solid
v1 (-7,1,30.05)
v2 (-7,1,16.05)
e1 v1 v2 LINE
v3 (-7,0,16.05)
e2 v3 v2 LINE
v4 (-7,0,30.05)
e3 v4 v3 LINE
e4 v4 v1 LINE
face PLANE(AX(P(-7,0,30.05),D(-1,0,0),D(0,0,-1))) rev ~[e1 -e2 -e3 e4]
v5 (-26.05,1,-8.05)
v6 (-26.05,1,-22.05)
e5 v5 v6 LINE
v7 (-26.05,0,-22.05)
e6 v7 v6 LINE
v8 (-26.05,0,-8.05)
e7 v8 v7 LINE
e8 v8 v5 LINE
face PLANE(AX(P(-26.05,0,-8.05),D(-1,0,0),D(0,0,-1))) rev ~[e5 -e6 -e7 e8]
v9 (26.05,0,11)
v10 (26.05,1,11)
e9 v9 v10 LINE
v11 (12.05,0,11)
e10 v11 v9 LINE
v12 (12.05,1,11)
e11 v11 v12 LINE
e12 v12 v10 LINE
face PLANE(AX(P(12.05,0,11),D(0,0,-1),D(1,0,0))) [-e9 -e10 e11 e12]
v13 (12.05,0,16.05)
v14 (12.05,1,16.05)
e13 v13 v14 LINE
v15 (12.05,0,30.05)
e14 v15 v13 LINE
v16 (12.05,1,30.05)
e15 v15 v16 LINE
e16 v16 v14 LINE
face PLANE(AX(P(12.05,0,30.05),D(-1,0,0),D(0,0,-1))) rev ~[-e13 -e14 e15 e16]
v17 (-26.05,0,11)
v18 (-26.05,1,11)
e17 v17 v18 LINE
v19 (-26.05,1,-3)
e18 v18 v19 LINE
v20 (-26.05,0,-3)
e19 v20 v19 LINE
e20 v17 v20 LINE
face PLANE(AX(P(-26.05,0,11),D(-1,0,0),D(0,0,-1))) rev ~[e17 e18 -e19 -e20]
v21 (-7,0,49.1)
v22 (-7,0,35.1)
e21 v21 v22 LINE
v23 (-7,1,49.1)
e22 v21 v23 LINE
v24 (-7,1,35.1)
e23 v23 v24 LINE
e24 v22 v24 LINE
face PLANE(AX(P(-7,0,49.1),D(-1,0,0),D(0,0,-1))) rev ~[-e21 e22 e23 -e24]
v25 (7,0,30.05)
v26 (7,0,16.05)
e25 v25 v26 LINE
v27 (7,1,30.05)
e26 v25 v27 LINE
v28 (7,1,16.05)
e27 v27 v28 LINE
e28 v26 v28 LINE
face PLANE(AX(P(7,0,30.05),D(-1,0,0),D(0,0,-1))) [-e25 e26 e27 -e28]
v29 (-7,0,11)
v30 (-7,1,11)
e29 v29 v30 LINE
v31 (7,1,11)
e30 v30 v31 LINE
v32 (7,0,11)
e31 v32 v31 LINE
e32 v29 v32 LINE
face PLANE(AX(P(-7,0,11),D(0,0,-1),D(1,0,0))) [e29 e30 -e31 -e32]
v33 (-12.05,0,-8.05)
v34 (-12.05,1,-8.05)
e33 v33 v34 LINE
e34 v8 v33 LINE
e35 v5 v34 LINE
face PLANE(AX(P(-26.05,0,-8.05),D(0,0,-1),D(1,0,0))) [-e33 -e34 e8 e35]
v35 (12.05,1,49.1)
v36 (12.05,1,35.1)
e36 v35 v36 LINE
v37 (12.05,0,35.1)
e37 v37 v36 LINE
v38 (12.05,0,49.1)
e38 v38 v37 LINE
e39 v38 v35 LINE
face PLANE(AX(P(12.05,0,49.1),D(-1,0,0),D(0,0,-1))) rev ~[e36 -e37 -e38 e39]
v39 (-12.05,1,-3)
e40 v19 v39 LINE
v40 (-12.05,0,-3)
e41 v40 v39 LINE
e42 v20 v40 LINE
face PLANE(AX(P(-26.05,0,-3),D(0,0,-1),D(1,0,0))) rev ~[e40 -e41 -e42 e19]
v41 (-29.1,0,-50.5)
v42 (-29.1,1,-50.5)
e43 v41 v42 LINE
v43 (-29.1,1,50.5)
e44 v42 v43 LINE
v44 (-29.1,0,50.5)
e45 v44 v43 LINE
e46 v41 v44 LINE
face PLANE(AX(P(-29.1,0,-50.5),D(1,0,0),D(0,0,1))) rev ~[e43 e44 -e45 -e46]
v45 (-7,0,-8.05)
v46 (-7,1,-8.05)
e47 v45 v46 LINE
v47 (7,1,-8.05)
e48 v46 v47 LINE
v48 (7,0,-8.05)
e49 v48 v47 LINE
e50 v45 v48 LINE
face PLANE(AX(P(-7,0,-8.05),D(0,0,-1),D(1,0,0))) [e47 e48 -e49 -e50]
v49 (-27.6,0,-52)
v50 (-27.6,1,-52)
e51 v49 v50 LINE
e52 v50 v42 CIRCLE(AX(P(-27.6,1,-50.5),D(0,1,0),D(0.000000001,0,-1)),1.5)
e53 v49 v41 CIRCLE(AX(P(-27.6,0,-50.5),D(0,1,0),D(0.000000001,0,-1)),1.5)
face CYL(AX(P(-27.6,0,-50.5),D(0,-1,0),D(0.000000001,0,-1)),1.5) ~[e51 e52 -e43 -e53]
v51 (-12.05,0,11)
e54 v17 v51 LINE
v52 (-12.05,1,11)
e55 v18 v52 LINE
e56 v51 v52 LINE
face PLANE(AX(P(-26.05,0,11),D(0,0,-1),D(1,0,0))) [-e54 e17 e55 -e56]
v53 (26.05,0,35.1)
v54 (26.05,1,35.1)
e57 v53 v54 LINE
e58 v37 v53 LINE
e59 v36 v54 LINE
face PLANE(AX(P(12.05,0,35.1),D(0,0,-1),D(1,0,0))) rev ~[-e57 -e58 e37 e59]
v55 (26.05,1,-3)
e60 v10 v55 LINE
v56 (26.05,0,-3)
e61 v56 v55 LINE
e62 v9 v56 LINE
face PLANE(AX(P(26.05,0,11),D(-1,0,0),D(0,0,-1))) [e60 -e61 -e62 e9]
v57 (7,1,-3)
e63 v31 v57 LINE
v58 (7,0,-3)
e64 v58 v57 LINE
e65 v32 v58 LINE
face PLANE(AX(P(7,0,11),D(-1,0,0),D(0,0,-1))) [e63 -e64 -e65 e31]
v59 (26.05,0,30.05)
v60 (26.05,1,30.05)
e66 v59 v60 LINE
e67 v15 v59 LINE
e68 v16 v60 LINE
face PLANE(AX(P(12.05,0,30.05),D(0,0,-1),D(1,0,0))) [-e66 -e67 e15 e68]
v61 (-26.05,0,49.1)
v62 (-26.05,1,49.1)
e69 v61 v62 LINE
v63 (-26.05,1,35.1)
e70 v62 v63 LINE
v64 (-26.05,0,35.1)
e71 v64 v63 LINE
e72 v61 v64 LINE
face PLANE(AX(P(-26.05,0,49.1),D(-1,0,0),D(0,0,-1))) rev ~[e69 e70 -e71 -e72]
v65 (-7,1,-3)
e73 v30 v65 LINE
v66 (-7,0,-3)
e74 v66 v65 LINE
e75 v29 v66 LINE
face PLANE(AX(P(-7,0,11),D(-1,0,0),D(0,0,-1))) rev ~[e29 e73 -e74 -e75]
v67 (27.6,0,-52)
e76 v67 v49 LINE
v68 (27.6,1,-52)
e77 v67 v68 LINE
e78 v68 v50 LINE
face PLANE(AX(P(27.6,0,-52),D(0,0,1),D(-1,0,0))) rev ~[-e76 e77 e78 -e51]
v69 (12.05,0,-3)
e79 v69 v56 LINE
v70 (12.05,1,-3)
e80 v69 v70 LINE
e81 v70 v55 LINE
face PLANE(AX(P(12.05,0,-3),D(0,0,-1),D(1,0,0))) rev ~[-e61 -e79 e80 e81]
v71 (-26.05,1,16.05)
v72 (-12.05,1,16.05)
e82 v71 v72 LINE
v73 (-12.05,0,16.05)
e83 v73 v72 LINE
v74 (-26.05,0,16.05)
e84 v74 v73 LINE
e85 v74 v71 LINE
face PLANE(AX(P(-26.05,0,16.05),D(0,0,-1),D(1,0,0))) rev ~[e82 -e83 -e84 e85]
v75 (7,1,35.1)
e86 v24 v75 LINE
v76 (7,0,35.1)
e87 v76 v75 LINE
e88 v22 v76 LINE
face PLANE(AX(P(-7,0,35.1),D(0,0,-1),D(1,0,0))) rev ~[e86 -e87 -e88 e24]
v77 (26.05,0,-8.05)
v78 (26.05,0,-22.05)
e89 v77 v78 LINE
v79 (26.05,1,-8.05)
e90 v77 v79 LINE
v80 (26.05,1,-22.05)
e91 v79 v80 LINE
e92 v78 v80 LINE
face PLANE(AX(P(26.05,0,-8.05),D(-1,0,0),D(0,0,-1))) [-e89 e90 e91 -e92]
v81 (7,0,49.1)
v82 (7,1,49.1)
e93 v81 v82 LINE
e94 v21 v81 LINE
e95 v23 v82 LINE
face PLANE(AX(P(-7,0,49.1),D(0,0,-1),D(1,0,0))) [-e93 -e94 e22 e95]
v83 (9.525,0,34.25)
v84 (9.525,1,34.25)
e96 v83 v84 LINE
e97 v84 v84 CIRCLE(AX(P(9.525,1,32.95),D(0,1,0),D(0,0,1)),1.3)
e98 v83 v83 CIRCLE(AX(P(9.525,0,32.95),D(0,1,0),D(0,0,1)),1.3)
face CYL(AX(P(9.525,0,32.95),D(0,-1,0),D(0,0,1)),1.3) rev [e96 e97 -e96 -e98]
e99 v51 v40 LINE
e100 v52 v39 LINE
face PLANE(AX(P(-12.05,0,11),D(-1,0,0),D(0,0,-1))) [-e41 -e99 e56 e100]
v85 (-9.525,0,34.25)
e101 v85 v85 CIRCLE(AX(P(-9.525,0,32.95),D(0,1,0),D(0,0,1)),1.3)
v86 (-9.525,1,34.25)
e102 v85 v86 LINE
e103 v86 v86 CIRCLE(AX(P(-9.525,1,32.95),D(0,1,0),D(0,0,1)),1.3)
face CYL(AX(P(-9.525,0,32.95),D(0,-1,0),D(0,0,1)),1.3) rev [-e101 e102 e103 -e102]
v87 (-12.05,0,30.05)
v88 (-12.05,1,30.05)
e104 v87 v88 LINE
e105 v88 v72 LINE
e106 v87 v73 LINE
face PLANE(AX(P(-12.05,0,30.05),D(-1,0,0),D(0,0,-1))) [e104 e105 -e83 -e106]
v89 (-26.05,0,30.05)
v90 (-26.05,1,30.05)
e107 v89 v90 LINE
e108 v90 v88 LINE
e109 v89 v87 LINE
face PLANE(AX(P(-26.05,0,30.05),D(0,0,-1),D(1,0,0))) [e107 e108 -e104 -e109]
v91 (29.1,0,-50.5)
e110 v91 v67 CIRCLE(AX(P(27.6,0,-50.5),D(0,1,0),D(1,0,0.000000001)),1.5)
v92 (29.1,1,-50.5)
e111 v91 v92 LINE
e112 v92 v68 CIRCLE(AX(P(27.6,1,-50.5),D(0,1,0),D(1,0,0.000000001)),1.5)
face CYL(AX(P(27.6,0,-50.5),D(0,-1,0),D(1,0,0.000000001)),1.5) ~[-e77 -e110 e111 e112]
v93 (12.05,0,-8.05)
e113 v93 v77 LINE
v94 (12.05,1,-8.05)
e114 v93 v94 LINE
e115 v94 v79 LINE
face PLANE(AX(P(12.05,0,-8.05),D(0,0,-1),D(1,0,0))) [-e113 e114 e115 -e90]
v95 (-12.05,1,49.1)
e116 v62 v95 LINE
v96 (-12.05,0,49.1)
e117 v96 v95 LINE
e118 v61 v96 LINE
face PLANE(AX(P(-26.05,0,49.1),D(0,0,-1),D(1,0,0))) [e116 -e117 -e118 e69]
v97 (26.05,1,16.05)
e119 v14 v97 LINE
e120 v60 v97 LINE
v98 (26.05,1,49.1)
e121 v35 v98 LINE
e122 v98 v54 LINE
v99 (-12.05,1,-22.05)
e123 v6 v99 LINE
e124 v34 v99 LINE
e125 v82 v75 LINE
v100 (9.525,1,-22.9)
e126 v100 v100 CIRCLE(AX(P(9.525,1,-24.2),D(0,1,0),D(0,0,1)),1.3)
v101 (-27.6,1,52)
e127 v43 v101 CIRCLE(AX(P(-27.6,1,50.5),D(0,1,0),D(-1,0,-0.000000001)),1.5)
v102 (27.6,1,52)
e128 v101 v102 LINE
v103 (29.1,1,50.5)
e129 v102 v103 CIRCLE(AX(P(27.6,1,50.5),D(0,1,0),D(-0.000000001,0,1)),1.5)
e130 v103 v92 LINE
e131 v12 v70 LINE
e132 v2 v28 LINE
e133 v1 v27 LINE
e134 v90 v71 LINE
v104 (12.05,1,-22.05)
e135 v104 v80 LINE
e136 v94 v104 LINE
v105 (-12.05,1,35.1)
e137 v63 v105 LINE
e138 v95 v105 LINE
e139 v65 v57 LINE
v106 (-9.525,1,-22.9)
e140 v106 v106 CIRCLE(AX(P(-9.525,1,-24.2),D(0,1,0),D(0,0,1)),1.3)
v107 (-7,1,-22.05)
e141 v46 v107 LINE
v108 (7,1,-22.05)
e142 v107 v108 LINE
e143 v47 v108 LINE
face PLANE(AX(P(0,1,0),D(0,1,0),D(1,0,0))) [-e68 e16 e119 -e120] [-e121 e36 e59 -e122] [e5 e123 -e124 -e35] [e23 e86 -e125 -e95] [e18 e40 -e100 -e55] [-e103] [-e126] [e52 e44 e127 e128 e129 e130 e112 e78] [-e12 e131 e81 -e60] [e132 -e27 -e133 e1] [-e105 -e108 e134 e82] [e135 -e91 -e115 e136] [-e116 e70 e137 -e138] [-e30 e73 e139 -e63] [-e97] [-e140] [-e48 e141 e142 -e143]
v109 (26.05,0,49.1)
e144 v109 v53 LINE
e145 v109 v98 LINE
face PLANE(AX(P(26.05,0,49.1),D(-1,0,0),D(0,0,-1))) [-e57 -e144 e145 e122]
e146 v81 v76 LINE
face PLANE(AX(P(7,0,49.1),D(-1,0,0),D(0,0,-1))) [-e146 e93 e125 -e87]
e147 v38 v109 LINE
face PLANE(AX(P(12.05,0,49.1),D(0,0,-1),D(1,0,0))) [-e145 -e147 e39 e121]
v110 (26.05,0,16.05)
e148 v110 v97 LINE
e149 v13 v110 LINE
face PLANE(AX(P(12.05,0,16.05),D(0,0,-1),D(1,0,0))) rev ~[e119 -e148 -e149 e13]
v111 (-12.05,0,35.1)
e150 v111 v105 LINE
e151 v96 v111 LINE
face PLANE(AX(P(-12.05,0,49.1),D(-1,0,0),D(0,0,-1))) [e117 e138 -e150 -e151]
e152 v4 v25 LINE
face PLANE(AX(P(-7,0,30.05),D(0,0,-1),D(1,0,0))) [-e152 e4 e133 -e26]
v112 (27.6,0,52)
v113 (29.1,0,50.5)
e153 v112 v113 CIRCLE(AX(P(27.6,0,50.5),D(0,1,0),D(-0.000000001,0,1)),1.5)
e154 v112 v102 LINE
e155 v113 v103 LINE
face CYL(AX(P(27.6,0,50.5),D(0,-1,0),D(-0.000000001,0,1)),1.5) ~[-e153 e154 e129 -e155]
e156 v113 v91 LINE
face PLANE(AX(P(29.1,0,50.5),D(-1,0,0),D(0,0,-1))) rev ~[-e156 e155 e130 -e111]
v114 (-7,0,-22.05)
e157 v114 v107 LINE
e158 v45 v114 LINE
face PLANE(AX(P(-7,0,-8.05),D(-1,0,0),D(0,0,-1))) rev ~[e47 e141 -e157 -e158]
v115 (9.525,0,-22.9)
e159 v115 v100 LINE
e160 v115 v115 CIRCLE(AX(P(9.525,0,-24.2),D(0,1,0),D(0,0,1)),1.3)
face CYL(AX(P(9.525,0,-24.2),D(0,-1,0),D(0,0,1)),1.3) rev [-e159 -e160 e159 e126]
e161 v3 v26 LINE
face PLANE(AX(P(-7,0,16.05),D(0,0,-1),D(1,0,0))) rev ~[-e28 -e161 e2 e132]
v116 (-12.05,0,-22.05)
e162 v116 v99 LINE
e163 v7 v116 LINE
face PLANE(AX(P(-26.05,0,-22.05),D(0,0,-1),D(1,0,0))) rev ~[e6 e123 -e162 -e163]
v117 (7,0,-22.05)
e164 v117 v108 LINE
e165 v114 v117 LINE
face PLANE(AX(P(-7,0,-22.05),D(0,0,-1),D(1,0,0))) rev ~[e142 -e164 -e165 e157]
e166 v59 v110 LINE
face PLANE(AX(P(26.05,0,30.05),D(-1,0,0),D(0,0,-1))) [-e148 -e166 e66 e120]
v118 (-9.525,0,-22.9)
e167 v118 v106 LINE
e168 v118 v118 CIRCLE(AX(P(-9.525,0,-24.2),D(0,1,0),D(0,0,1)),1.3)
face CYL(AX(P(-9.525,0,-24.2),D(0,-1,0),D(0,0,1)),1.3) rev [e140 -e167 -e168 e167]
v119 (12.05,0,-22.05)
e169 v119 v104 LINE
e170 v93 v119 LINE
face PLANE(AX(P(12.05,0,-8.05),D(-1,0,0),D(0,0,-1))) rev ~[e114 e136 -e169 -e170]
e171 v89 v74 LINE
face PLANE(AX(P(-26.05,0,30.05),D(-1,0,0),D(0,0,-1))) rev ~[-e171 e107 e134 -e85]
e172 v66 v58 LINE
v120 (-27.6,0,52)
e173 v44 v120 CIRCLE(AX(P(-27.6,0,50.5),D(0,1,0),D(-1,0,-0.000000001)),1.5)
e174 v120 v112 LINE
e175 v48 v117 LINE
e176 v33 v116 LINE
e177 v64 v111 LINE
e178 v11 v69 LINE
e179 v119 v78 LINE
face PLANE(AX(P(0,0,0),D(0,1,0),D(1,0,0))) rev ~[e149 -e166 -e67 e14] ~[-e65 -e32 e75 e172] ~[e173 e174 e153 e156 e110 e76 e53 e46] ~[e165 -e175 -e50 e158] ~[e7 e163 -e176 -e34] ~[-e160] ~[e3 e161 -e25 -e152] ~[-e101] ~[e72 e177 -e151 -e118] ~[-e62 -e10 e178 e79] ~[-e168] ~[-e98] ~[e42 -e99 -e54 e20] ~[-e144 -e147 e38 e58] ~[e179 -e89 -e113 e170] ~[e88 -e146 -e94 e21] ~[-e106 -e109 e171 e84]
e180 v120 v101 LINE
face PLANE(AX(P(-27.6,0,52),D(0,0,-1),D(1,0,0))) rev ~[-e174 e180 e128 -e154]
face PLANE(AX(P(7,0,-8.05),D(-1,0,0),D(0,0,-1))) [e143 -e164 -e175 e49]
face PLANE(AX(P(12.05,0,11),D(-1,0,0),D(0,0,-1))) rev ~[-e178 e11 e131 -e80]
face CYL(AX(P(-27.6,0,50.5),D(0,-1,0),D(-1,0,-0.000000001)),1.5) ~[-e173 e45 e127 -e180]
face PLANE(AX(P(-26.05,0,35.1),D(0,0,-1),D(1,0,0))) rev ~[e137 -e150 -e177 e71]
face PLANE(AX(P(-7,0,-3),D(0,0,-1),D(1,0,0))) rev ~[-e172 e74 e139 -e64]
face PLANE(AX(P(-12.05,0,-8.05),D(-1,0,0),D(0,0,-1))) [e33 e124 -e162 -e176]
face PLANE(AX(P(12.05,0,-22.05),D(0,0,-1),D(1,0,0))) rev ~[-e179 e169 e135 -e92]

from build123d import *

# Parameters (mm, degrees)
SKETCH1_R           = 1.3
SKETCH1_W           = 14
SKETCH1_H           = 14
BOSS_EXTRUDE1_DEPTH = 1


with BuildPart() as part:
    # Sketch1 → Boss-Extrude1 (new body)
    with BuildSketch(Plane(origin=(0, 0, 0), x_dir=(1, 0, 0), z_dir=(0, 1, 0))):
        with BuildLine():
            Line((27.6, 52), (-27.6, 52))
            ThreePointArc((-27.6, 52), (-28.660660172, 51.560660172), (-29.1, 50.5))
            Line((-29.1, 50.5), (-29.1, -50.5))
            ThreePointArc((-29.1, -50.5), (-28.660660172, -51.560660172), (-27.6, -52))
            Line((-27.6, -52), (27.6, -52))
            ThreePointArc((27.6, -52), (28.660660172, -51.560660172), (29.1, -50.5))
            Line((29.1, -50.5), (29.1, 50.5))
            ThreePointArc((29.1, 50.5), (28.660660172, 51.560660172), (27.6, 52))
        make_face()
        with Locations(Location((-9.525, -32.95, 0), (0, 0, 270))):
            Circle(SKETCH1_R, mode=Mode.SUBTRACT)
        with Locations(Location((9.525, -32.95, 0), (0, 0, 270))):
            Circle(SKETCH1_R, mode=Mode.SUBTRACT)
        with Locations(Location((9.525, 24.2, 0), (0, 0, 270))):
            Circle(SKETCH1_R, mode=Mode.SUBTRACT)
        with Locations(Location((-9.525, 24.2, 0), (0, 0, 270))):
            Circle(SKETCH1_R, mode=Mode.SUBTRACT)
        with Locations((0, -42.1)):
            Rectangle(SKETCH1_W, SKETCH1_H, mode=Mode.SUBTRACT)
        with Locations((19.05, -42.1)):
            Rectangle(SKETCH1_W, SKETCH1_H, mode=Mode.SUBTRACT)
        with Locations((-19.05, -42.1)):
            Rectangle(SKETCH1_W, SKETCH1_H, mode=Mode.SUBTRACT)
        with Locations((-19.05, -23.05)):
            Rectangle(SKETCH1_W, SKETCH1_H, mode=Mode.SUBTRACT)
        with Locations((0, -23.05)):
            Rectangle(SKETCH1_W, SKETCH1_H, mode=Mode.SUBTRACT)
        with Locations((19.05, -23.05)):
            Rectangle(SKETCH1_W, SKETCH1_H, mode=Mode.SUBTRACT)
        with Locations((-19.05, -4)):
            Rectangle(SKETCH1_W, SKETCH1_H, mode=Mode.SUBTRACT)
        with Locations((0, -4)):
            Rectangle(SKETCH1_W, SKETCH1_H, mode=Mode.SUBTRACT)
        with Locations((19.05, -4)):
            Rectangle(SKETCH1_W, SKETCH1_H, mode=Mode.SUBTRACT)
        with Locations((-19.05, 15.05)):
            Rectangle(SKETCH1_W, SKETCH1_H, mode=Mode.SUBTRACT)
        with Locations((0, 15.05)):
            Rectangle(SKETCH1_W, SKETCH1_H, mode=Mode.SUBTRACT)
        with Locations((19.05, 15.05)):
            Rectangle(SKETCH1_W, SKETCH1_H, mode=Mode.SUBTRACT)
    extrude(amount=BOSS_EXTRUDE1_DEPTH)


solid = part.part
